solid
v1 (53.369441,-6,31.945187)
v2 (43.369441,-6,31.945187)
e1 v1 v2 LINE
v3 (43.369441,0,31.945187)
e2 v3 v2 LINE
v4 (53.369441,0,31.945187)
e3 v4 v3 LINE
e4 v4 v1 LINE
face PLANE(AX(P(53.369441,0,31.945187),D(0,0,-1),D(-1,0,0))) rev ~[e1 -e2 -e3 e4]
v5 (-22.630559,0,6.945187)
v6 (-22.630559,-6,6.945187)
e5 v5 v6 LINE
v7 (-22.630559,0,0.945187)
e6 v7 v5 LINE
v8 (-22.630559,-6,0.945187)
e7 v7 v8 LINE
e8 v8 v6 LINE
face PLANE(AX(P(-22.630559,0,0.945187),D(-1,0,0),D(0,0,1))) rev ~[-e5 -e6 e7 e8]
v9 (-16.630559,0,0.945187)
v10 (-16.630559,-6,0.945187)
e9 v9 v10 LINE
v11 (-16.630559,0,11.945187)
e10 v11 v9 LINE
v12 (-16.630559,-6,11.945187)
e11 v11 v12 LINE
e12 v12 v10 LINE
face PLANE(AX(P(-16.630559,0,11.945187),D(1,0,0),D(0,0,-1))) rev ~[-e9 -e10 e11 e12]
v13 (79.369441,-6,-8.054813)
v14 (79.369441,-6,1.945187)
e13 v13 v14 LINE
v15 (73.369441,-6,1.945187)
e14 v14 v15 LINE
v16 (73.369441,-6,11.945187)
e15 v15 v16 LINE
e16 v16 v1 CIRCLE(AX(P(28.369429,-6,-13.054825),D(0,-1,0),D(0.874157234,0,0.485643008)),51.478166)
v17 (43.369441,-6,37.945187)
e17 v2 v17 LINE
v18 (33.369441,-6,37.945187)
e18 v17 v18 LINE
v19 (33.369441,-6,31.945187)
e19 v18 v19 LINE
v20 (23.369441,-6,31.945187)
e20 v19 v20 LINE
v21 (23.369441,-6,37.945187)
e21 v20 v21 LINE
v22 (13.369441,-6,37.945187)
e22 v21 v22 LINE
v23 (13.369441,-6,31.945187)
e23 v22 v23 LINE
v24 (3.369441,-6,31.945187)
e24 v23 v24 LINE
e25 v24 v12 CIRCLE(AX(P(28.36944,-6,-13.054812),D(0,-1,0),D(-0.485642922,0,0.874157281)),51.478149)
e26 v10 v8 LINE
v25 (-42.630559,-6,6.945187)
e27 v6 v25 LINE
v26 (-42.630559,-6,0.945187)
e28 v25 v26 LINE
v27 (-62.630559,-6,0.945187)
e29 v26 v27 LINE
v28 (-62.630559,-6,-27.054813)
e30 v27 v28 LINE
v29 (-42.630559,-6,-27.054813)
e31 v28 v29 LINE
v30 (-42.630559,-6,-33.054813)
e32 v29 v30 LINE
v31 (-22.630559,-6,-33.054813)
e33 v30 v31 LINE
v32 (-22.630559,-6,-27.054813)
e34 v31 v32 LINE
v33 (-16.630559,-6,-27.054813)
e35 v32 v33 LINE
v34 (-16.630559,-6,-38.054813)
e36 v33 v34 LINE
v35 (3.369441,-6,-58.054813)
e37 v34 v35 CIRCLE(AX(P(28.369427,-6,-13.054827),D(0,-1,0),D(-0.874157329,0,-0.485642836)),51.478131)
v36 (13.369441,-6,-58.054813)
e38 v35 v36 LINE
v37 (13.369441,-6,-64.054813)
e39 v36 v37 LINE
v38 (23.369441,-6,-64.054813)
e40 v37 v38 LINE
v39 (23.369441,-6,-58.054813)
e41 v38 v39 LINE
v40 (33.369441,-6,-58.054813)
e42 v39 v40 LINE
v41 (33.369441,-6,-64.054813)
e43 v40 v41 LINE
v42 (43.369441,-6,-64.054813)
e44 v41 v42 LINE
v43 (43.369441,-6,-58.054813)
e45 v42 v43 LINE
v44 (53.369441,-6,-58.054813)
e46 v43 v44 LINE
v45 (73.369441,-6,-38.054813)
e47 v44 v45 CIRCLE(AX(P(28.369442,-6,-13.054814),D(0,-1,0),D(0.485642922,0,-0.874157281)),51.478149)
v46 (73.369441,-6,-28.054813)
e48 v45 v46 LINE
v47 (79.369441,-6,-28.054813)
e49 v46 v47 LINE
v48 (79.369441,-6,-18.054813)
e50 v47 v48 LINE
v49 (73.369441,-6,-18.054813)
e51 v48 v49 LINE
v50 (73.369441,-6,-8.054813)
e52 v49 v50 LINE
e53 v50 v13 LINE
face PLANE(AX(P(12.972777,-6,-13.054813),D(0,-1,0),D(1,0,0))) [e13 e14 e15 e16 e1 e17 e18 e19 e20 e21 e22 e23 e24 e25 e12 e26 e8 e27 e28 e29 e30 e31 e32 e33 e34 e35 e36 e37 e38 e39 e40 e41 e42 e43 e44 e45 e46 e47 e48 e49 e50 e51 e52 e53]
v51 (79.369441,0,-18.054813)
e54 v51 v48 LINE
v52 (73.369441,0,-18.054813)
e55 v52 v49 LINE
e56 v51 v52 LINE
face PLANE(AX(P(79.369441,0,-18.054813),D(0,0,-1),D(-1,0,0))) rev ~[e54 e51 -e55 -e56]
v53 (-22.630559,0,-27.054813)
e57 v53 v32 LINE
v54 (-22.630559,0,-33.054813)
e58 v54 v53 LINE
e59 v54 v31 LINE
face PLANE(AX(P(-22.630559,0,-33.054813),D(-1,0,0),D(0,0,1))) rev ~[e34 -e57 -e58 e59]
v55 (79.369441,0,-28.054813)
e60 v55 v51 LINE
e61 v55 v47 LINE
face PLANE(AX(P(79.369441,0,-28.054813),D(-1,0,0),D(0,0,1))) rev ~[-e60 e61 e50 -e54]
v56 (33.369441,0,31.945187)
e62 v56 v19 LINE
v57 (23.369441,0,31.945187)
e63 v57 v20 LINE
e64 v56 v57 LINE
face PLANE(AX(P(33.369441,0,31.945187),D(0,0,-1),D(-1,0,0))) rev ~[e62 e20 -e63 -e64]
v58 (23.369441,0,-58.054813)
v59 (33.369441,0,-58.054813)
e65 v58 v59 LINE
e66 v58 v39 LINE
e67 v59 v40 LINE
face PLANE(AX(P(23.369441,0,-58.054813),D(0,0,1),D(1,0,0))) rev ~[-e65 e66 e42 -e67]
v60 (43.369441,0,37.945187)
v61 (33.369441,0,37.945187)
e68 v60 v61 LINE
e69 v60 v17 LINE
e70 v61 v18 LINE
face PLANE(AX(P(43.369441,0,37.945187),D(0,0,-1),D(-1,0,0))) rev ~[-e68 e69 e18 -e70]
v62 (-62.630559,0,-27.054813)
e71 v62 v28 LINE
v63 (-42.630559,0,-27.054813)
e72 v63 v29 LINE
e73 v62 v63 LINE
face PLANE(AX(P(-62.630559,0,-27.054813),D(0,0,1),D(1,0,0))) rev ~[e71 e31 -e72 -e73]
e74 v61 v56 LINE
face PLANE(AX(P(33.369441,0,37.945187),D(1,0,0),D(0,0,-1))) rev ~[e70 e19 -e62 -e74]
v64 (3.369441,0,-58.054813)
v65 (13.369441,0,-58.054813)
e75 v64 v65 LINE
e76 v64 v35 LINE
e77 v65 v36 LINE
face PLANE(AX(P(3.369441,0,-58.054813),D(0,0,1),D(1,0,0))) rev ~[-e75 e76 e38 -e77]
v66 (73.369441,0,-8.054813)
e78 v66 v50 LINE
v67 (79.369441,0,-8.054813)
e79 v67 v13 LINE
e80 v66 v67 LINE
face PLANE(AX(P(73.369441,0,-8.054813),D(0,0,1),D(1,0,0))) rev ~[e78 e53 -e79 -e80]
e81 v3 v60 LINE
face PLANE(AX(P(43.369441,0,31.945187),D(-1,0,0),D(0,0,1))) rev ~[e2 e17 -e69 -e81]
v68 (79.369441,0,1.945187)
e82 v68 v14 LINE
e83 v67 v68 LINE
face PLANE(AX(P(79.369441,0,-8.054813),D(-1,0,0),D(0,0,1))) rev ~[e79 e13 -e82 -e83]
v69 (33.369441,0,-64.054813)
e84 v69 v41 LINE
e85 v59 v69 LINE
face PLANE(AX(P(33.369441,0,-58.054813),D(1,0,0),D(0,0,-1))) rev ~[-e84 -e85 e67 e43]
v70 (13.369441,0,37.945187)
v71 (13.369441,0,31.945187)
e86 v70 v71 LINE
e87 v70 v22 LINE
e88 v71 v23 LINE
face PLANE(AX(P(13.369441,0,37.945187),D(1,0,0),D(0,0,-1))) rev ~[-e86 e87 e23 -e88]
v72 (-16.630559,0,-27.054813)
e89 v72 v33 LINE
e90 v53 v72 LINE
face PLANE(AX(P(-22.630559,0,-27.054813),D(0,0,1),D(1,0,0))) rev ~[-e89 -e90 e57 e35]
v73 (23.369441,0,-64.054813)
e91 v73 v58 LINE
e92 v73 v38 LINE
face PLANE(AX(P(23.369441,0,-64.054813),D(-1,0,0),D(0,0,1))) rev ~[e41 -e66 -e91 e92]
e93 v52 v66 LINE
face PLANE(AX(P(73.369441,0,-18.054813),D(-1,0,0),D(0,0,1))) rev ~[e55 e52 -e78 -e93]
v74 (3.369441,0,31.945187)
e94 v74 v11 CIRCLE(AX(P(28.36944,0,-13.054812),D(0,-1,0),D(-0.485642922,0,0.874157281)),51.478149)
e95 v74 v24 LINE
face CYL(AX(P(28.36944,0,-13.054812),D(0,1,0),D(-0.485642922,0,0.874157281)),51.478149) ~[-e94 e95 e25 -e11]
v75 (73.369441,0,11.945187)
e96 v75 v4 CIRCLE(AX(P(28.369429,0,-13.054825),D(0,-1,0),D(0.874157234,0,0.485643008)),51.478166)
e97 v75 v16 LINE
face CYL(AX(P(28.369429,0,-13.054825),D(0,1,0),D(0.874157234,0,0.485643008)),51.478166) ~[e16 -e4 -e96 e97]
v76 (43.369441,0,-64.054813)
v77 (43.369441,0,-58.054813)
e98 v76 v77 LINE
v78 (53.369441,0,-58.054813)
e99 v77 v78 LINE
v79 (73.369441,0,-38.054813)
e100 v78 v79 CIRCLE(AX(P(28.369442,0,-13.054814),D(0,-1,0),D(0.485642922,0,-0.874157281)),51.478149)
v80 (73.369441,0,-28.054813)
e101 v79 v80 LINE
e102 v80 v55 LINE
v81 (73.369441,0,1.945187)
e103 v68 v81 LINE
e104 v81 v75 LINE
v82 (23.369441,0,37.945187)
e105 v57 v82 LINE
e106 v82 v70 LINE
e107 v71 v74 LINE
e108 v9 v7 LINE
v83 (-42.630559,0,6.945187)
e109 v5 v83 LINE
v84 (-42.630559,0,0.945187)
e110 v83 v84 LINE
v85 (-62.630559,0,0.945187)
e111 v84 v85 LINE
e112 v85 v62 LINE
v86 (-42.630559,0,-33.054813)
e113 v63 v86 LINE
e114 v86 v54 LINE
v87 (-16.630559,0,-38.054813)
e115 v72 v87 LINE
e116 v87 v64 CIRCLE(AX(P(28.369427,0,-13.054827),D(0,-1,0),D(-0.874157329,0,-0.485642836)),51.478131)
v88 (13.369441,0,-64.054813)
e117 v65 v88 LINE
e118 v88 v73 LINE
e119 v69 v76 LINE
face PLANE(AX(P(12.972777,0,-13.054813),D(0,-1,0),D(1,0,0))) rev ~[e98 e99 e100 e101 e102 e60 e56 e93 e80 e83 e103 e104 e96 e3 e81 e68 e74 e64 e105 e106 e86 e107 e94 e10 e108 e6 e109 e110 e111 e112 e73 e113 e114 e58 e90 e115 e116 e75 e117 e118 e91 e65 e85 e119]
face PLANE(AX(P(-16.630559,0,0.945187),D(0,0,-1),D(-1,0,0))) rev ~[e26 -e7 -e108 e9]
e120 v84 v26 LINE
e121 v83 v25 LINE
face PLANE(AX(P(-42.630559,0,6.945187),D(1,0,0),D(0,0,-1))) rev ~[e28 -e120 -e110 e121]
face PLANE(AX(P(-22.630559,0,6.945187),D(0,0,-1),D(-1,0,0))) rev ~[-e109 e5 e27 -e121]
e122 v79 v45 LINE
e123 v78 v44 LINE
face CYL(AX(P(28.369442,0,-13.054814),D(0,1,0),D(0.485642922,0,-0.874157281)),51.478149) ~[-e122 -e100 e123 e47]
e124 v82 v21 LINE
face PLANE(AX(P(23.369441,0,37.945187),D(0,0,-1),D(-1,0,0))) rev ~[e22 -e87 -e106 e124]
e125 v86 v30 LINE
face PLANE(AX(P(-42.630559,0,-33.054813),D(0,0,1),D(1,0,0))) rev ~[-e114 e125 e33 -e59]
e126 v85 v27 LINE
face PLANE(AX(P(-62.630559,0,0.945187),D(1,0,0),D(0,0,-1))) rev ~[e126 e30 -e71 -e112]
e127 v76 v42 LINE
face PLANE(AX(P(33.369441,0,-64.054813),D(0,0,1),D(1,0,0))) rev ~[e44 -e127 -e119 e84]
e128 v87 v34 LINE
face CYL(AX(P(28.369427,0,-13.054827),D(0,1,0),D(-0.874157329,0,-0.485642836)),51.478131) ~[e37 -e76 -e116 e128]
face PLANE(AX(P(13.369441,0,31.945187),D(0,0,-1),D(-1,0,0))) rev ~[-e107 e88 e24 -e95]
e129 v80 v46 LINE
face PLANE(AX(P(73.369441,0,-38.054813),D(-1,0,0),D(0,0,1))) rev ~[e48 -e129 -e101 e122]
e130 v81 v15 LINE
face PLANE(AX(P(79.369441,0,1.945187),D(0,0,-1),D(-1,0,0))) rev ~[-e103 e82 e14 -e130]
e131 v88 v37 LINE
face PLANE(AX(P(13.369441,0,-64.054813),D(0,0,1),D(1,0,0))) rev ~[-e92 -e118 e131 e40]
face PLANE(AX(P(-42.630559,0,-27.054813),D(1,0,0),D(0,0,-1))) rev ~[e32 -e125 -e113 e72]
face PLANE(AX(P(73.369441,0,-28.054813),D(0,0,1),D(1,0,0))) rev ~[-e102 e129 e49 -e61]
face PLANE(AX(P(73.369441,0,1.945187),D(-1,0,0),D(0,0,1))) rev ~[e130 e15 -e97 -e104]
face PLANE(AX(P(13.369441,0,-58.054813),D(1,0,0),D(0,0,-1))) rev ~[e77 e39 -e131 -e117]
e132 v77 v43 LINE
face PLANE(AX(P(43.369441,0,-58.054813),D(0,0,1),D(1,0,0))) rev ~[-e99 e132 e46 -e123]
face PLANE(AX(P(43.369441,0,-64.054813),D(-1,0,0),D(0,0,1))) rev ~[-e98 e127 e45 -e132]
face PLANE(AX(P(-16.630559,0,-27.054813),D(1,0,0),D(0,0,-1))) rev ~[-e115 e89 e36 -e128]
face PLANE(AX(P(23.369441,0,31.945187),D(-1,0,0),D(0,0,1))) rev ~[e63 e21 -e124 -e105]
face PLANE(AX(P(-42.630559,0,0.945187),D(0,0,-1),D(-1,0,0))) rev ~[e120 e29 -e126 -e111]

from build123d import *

# Parameters (mm, degrees)
F1_DEPTH = 6


with BuildPart() as f1:
    # F0 (on Front) → F1 (new body)
    with BuildSketch(Plane.XZ):
        with BuildLine():
            Line((43.369441, -58.054813), (53.369441, -58.054813))
            ThreePointArc((53.369441, -58.054813), (64.76999, -49.455363), (73.369441, -38.054813))
            Line((73.369441, -38.054813), (73.369441, -28.054813))
            Line((73.369441, -28.054813), (79.369441, -28.054813))
            Line((79.369441, -28.054813), (79.369441, -18.054813))
            Line((79.369441, -18.054813), (73.369441, -18.054813))
            Line((73.369441, -18.054813), (73.369441, -8.054813))
            Line((73.369441, -8.054813), (79.369441, -8.054813))
            Line((79.369441, -8.054813), (79.369441, 1.945187))
            Line((79.369441, 1.945187), (73.369441, 1.945187))
            Line((73.369441, 1.945187), (73.369441, 11.945187))
            ThreePointArc((73.369441, 11.945187), (64.76999, 23.345736), (53.369441, 31.945187))
            Line((53.369441, 31.945187), (43.369441, 31.945187))
            Line((43.369441, 31.945187), (43.369441, 37.945187))
            Line((43.369441, 37.945187), (33.369441, 37.945187))
            Line((33.369441, 37.945187), (33.369441, 31.945187))
            Line((33.369441, 31.945187), (23.369441, 31.945187))
            Line((23.369441, 31.945187), (23.369441, 37.945187))
            Line((23.369441, 37.945187), (13.369441, 37.945187))
            Line((13.369441, 37.945187), (13.369441, 31.945187))
            Line((13.369441, 31.945187), (3.369441, 31.945187))
            ThreePointArc((3.369441, 31.945187), (-8.031109, 23.345736), (-16.630559, 11.945187))
            Line((-16.630559, 11.945187), (-16.630559, 0.945187))
            Line((-16.630559, 0.945187), (-22.630559, 0.945187))
            Line((-22.630559, 0.945187), (-22.630559, 6.945187))
            Line((-22.630559, 6.945187), (-42.630559, 6.945187))
            Line((-42.630559, 6.945187), (-42.630559, 0.945187))
            Line((-42.630559, 0.945187), (-62.630559, 0.945187))
            Line((-62.630559, 0.945187), (-62.630559, -27.054813))
            Line((-62.630559, -27.054813), (-42.630559, -27.054813))
            Line((-42.630559, -27.054813), (-42.630559, -33.054813))
            Line((-42.630559, -33.054813), (-22.630559, -33.054813))
            Line((-22.630559, -33.054813), (-22.630559, -27.054813))
            Line((-22.630559, -27.054813), (-16.630559, -27.054813))
            Line((-16.630559, -27.054813), (-16.630559, -38.054813))
            ThreePointArc((-16.630559, -38.054813), (-8.031109, -49.455363), (3.369441, -58.054813))
            Line((3.369441, -58.054813), (13.369441, -58.054813))
            Line((13.369441, -58.054813), (13.369441, -64.054813))
            Line((13.369441, -64.054813), (23.369441, -64.054813))
            Line((23.369441, -64.054813), (23.369441, -58.054813))
            Line((23.369441, -58.054813), (33.369441, -58.054813))
            Line((33.369441, -58.054813), (33.369441, -64.054813))
            Line((33.369441, -64.054813), (43.369441, -64.054813))
            Line((43.369441, -64.054813), (43.369441, -58.054813))
        make_face()
    extrude(amount=F1_DEPTH)


solid = f1.part
